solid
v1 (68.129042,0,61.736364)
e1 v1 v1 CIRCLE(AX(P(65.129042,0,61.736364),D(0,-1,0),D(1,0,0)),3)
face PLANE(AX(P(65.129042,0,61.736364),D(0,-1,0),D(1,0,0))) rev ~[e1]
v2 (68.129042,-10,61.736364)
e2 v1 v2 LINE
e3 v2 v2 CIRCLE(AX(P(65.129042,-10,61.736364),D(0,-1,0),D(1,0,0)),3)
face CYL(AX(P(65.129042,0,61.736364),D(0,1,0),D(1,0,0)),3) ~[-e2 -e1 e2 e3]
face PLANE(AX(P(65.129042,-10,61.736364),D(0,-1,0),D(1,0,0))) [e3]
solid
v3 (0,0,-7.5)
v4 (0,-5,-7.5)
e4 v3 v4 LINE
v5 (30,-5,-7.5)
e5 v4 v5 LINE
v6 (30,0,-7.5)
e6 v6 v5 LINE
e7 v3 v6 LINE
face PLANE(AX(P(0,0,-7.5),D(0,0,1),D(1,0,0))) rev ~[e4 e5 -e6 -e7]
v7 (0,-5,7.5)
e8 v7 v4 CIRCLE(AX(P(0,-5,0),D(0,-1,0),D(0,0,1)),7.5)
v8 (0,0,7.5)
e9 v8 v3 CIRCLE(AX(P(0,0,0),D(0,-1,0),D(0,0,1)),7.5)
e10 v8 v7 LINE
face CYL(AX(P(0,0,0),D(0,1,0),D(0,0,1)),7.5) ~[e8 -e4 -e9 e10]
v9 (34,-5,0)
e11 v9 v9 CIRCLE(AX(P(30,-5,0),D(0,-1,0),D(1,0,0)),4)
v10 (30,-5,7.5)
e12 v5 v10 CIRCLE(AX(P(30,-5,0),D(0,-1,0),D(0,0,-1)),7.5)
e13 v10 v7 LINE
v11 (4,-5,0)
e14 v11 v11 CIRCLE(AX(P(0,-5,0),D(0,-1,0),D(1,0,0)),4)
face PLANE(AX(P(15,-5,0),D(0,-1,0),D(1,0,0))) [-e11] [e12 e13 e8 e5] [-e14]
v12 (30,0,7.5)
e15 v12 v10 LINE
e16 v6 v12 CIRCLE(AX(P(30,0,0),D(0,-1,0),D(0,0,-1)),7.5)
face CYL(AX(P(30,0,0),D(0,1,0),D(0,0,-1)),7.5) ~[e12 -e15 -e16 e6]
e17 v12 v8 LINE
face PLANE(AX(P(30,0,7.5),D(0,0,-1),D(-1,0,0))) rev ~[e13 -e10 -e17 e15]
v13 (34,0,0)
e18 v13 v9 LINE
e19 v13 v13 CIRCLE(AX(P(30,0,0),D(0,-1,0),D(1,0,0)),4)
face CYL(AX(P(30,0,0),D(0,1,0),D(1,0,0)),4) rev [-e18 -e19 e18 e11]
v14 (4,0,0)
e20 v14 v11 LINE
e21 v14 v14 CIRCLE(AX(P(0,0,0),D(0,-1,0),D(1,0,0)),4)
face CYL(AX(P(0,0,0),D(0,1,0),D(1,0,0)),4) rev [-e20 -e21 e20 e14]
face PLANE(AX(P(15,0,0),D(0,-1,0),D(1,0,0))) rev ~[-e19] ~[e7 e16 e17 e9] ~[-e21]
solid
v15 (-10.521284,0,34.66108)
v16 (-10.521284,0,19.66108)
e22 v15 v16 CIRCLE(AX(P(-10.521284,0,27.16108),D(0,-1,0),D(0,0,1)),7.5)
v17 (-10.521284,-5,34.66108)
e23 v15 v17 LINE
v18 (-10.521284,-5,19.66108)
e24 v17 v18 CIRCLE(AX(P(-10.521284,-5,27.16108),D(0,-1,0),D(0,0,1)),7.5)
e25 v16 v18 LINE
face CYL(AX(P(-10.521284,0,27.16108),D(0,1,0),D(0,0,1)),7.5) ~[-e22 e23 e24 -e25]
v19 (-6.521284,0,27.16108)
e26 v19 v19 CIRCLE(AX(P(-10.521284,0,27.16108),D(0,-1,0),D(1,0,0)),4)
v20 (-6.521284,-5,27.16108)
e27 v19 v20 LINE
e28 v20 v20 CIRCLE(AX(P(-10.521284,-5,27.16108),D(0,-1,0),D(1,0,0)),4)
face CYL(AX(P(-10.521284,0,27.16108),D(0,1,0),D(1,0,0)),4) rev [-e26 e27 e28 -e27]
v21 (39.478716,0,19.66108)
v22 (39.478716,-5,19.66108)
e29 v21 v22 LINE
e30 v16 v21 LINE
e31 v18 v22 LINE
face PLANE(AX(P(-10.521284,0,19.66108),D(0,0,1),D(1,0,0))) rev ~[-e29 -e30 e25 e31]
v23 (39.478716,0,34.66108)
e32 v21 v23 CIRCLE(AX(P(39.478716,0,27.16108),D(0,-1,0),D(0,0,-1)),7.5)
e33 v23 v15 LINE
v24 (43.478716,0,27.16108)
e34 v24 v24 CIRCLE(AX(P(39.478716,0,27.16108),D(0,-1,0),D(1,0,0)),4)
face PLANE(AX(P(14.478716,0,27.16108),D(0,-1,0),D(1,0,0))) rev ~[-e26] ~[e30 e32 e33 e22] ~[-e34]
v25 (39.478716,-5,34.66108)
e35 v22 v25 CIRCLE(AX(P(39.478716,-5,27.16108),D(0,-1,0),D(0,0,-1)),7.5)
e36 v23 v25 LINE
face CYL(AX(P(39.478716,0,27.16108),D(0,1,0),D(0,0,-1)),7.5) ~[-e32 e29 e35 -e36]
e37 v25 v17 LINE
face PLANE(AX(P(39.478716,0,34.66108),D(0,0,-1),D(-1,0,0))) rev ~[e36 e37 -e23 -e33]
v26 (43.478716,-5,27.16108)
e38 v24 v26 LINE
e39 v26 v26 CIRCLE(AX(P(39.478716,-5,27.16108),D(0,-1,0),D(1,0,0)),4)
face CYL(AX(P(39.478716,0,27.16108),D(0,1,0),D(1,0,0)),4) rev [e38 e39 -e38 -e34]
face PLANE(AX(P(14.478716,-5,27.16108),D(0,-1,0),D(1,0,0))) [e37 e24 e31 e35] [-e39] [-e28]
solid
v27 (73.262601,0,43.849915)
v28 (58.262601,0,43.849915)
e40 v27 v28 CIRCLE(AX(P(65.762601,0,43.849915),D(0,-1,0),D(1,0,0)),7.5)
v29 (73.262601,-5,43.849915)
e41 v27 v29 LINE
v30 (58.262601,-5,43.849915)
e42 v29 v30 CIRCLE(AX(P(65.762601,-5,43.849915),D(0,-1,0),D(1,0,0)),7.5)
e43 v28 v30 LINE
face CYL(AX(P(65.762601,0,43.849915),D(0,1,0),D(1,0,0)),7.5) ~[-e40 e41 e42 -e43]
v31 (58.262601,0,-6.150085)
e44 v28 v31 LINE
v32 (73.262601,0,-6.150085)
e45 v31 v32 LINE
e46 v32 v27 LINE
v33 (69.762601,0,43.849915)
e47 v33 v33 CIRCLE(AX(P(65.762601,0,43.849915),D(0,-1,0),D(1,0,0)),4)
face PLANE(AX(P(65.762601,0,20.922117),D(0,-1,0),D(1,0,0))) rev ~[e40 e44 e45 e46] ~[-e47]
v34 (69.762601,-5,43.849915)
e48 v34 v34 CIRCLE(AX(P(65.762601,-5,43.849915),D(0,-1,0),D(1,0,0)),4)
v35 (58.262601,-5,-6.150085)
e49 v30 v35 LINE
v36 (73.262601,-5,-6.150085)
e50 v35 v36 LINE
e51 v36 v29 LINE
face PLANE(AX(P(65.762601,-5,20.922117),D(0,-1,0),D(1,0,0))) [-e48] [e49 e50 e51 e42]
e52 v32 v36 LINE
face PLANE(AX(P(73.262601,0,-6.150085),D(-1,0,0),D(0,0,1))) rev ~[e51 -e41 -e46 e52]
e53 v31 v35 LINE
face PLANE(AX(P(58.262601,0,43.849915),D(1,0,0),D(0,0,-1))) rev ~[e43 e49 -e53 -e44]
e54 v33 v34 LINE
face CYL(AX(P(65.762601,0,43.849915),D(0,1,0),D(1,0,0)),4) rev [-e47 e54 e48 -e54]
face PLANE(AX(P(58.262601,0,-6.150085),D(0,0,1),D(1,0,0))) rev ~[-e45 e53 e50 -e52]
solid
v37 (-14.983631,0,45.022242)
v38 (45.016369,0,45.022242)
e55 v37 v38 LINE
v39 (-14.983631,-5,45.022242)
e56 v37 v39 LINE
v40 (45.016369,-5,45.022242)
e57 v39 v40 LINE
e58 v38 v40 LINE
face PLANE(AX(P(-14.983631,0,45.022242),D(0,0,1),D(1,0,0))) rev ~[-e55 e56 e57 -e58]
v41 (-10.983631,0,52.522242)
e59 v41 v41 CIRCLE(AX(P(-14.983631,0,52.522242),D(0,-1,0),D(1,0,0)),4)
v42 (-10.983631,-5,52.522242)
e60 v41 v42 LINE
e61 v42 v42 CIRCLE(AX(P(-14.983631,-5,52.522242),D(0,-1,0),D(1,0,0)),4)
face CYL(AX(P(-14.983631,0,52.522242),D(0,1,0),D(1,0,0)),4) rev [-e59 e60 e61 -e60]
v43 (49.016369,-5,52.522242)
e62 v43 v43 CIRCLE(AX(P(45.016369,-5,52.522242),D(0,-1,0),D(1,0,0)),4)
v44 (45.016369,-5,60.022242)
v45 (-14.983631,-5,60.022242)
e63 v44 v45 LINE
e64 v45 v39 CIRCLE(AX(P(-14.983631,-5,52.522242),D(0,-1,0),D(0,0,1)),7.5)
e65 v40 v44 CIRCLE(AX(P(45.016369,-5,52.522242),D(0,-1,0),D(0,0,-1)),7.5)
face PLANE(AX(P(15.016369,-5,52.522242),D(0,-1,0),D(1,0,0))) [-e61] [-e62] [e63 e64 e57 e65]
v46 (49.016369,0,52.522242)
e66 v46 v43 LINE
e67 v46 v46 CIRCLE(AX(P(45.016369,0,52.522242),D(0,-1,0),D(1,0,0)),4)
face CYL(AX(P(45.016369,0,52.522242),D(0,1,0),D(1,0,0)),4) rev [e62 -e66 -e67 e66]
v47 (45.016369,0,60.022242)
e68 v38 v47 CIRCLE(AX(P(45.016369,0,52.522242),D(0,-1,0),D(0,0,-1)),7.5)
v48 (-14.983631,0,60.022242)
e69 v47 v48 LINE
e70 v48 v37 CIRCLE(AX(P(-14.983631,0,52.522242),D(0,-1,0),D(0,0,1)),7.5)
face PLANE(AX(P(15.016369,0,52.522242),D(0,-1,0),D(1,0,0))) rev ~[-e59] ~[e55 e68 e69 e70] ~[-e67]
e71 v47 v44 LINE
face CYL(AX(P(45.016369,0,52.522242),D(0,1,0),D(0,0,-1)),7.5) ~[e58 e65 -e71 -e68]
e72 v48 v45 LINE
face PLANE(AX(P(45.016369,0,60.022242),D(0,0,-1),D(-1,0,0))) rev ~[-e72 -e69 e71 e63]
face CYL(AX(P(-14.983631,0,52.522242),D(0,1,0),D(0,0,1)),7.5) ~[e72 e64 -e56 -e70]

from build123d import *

# Parameters (mm, degrees)
F1_R      = 4
F2_DEPTH  = 5
F3_R      = 4
F4_DEPTH  = 5
F5_R      = 4
F6_DEPTH  = 5
F7_R      = 4
F8_DEPTH  = 5
F9_R      = 3
F10_DEPTH = 10


with BuildPart() as f2:
    # F1 (on Front) → F2 (new body)
    with BuildSketch(Plane.XZ):
        with BuildLine():
            Line((30, 7.5), (0, 7.5))
            ThreePointArc((0, 7.5), (-7.5, 0), (0, -7.5))
            Line((0, -7.5), (30, -7.5))
            ThreePointArc((30, -7.5), (37.5, 0), (30, 7.5))
        make_face()
        Circle(F1_R, mode=Mode.SUBTRACT)
        with Locations((30, 0)):
            Circle(F1_R, mode=Mode.SUBTRACT)
    extrude(amount=F2_DEPTH)


with BuildPart() as f4:
    # F3 (on Front) → F4 (new body)
    with BuildSketch(Plane.XZ):
        with BuildLine():
            Line((39.4787162915, 34.6610803902), (-10.5212837085, 34.6610803902))
            ThreePointArc((-10.5212837085, 34.6610803902), (-18.0212837085, 27.1610803902), (-10.5212837085, 19.6610803902))
            Line((-10.5212837085, 19.6610803902), (39.4787162915, 19.6610803902))
            ThreePointArc((39.4787162915, 19.6610803902), (46.9787162915, 27.1610803902), (39.4787162915, 34.6610803902))
        make_face()
        with Locations((-10.5212837085, 27.1610803902)):
            Circle(F3_R, mode=Mode.SUBTRACT)
        with Locations((39.4787162915, 27.1610803902)):
            Circle(F3_R, mode=Mode.SUBTRACT)
    extrude(amount=F4_DEPTH)


with BuildPart() as f6:
    # F5 (on Front) → F6 (new body)
    with BuildSketch(Plane.XZ):
        with BuildLine():
            Line((45.0163689256, 60.0222420692), (-14.9836310744, 60.0222420692))
            ThreePointArc((-14.9836310744, 60.0222420692), (-22.4836310744, 52.5222420692), (-14.9836310744, 45.0222420692))
            Line((-14.9836310744, 45.0222420692), (45.0163689256, 45.0222420692))
            ThreePointArc((45.0163689256, 45.0222420692), (52.5163689256, 52.5222420692), (45.0163689256, 60.0222420692))
        make_face()
        with Locations((-14.9836310744, 52.5222420692)):
            Circle(F5_R, mode=Mode.SUBTRACT)
        with Locations((45.0163689256, 52.5222420692)):
            Circle(F5_R, mode=Mode.SUBTRACT)
    extrude(amount=F6_DEPTH)


with BuildPart() as f8:
    # F7 (on Front) → F8 (new body)
    with BuildSketch(Plane.XZ):
        with BuildLine():
            Line((58.2626014948, 43.849914521), (58.2626014948, -6.150085479))
            Line((58.2626014948, -6.150085479), (73.2626014948, -6.150085479))
            Line((73.2626014948, -6.150085479), (73.2626014948, 43.849914521))
            ThreePointArc((73.2626014948, 43.849914521), (65.7626014948, 51.349914521), (58.2626014948, 43.849914521))
        make_face()
        with Locations((65.7626014948, 43.849914521)):
            Circle(F7_R, mode=Mode.SUBTRACT)
    extrude(amount=F8_DEPTH)


with BuildPart() as f10:
    # F9 (on Front) → F10 (new body)
    with BuildSketch(Plane.XZ):
        with Locations((65.1290416718, 61.7363639176)):
            Circle(F9_R)
    extrude(amount=F10_DEPTH)


solid = Compound([f2.part, f4.part, f6.part, f8.part, f10.part])
